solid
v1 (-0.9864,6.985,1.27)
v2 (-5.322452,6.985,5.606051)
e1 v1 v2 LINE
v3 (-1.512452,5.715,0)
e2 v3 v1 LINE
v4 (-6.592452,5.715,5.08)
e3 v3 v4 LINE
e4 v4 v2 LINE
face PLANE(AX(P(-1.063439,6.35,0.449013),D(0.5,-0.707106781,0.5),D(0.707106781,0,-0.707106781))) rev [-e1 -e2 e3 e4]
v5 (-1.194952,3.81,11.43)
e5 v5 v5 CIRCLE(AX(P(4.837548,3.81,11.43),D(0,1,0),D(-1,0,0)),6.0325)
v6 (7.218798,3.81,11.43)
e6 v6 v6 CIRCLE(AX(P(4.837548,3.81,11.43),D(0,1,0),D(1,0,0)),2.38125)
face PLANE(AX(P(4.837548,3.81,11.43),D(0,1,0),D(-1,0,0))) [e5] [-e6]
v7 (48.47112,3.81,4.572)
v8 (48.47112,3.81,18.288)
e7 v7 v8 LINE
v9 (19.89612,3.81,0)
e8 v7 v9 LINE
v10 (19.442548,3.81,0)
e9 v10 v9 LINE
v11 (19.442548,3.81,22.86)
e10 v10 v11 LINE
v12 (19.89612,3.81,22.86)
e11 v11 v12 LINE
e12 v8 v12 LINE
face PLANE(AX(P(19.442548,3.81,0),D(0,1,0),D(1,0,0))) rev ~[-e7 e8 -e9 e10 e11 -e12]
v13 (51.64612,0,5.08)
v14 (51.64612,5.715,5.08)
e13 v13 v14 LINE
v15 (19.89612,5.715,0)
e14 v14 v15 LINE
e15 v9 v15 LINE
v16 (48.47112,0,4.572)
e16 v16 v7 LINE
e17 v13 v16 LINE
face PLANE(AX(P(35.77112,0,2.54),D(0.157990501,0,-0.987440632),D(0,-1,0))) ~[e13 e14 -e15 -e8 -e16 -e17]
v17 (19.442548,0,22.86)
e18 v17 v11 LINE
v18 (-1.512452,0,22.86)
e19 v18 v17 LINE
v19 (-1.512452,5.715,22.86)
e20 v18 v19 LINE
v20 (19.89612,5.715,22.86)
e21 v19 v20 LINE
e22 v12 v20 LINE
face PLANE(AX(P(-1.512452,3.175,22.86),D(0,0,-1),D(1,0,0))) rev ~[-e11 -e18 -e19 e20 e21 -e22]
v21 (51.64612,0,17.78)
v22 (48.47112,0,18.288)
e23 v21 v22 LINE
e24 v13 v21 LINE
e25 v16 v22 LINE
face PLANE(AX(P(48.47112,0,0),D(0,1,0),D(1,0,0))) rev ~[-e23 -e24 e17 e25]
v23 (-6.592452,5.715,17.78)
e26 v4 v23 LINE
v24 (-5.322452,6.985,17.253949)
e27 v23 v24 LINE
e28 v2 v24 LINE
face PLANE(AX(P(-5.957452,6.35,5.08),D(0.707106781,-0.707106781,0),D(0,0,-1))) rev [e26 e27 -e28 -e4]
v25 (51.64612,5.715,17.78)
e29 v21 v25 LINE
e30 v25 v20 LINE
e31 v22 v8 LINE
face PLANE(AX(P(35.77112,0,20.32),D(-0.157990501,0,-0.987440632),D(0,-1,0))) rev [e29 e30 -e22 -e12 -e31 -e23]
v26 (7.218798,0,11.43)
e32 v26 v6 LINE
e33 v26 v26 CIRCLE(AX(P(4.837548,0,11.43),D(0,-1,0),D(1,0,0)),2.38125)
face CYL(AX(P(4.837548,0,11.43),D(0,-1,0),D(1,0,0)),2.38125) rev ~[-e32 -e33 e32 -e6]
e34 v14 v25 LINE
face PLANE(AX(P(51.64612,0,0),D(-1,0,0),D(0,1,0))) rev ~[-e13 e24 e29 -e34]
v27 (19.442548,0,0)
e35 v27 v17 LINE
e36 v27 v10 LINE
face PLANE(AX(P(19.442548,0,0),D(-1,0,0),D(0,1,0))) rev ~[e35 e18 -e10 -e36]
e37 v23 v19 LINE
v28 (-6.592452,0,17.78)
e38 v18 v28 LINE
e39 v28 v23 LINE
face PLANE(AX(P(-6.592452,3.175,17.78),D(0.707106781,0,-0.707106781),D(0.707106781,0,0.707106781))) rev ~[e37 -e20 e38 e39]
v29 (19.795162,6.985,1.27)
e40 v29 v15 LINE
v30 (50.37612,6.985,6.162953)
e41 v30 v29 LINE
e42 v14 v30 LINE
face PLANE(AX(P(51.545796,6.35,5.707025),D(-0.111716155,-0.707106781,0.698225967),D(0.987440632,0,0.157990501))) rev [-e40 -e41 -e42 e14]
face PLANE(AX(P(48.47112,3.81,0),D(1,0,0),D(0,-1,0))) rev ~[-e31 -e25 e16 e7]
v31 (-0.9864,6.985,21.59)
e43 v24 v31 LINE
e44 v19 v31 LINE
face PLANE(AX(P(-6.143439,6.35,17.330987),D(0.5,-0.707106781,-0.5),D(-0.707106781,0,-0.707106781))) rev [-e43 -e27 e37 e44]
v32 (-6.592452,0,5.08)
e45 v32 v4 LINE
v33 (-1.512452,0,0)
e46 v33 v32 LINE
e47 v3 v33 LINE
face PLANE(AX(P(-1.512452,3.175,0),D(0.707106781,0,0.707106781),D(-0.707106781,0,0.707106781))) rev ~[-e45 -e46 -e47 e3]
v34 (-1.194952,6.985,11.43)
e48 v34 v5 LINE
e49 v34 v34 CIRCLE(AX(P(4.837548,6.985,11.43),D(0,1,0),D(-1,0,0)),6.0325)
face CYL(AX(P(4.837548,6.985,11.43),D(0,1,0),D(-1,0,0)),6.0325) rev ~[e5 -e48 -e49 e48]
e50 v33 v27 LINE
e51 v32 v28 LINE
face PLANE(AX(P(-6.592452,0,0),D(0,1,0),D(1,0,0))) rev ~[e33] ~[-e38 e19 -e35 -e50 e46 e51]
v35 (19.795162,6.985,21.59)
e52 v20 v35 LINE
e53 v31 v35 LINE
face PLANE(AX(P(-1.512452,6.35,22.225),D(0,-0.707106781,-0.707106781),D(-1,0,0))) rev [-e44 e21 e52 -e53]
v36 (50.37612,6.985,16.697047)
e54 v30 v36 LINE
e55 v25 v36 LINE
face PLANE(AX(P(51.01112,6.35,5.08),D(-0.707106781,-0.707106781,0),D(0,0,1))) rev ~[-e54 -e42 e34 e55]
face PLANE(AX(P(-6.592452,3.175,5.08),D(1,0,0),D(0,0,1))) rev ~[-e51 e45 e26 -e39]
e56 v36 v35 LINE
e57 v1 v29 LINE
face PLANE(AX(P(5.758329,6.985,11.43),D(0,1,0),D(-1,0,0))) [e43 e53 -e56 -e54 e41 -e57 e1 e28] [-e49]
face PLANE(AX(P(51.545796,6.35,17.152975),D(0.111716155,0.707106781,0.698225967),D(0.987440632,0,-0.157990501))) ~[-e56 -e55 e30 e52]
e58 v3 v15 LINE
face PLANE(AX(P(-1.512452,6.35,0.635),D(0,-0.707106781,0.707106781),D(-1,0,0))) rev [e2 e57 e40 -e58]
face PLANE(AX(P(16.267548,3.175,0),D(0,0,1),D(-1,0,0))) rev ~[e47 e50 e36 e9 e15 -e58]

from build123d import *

# Parameters (mm, degrees)
F1_DEPTH  = 22.86
F2_SIZE2  = 31.75
F2_SIZE   = 5.08
F3_SIZE   = 5.08
F5_DEPTH  = 3.81
F6_SIZE   = 1.27
F7_R      = 2.38125
F8_DEPTH  = 25.4
F9_R      = 6.0325
F9_R_2    = 2.38125
F10_DEPTH = 3.175


with BuildPart() as f1:
    # F0 (on Top) → F1 (new body)
    with BuildSketch(Plane.XY):
        Polygon((-6.5924515948, 3.175), (-6.5924515948, 0), (19.4425484052, 0), (19.4425484052, 3.81), (48.4711198338, 3.81), (48.4711198338, 0), (51.6461198338, 0), (51.6461198338, 6.985), (16.2675484052, 6.985), (16.2675484052, 3.175), align=None)
    extrude(amount=F1_DEPTH)

    # F2
    f2_edges = [f1.edges().sort_by_distance(p)[0] for p in [
        (51.64612, 3.4925, 22.86),
        (51.64612, 3.4925, 0),
    ]]
    f2_side = f1.faces().sort_by_distance((51.64612, 3.4925, 11.43))[0]
    chamfer(f2_edges, length=F2_SIZE, length2=F2_SIZE2, reference=f2_side)

    # F3
    f3_edges = [f1.edges().sort_by_distance(p)[0] for p in [
        (-6.592452, 1.5875, 0),
        (-6.592452, 1.5875, 22.86),
    ]]
    chamfer(f3_edges, length=F3_SIZE)

    # F4 (on face) → F5 (join, through all)
    with BuildSketch(Plane(origin=(0, 3.175, 0), x_dir=(-1, 0, 0), z_dir=(0, 1, 0))):
        Polygon((1.5124515948, 0), (6.5924515948, 5.08), (6.5924515948, 17.78), (1.5124515948, 22.86), (-16.2675484052, 22.86), (-16.2675484052, 0), align=None)
    extrude(amount=F5_DEPTH)

    # F6
    f6_edges = [f1.edges().sort_by_distance(p)[0] for p in [
        (51.64612, 6.985, 11.43),
        (35.77112, 6.985, 20.32),
        (9.191834, 6.985, 22.86),
        (-4.052452, 6.985, 20.32),
        (-6.592452, 6.985, 11.43),
        (-4.052452, 6.985, 2.54),
        (9.191834, 6.985, 0),
        (35.77112, 6.985, 2.54),
    ]]
    chamfer(f6_edges, length=F6_SIZE)

    # F7 (on face) → F8 (cut)
    with BuildSketch(Plane.XZ):
        with Locations((4.8375484052, 11.43)):
            Circle(F7_R)
    extrude(amount=-F8_DEPTH, mode=Mode.SUBTRACT)

    # F9 (on face) → F10 (cut)
    with BuildSketch(Plane(origin=(0, 6.985, 0), x_dir=(-1, 0, 0), z_dir=(0, 1, 0))):
        with Locations((-4.8375484052, 11.43)):
            Circle(F9_R)
        with Locations((-4.8375484052, 11.43)):
            Circle(F9_R_2, mode=Mode.SUBTRACT)
    extrude(amount=-F10_DEPTH, mode=Mode.SUBTRACT)


solid = f1.part
